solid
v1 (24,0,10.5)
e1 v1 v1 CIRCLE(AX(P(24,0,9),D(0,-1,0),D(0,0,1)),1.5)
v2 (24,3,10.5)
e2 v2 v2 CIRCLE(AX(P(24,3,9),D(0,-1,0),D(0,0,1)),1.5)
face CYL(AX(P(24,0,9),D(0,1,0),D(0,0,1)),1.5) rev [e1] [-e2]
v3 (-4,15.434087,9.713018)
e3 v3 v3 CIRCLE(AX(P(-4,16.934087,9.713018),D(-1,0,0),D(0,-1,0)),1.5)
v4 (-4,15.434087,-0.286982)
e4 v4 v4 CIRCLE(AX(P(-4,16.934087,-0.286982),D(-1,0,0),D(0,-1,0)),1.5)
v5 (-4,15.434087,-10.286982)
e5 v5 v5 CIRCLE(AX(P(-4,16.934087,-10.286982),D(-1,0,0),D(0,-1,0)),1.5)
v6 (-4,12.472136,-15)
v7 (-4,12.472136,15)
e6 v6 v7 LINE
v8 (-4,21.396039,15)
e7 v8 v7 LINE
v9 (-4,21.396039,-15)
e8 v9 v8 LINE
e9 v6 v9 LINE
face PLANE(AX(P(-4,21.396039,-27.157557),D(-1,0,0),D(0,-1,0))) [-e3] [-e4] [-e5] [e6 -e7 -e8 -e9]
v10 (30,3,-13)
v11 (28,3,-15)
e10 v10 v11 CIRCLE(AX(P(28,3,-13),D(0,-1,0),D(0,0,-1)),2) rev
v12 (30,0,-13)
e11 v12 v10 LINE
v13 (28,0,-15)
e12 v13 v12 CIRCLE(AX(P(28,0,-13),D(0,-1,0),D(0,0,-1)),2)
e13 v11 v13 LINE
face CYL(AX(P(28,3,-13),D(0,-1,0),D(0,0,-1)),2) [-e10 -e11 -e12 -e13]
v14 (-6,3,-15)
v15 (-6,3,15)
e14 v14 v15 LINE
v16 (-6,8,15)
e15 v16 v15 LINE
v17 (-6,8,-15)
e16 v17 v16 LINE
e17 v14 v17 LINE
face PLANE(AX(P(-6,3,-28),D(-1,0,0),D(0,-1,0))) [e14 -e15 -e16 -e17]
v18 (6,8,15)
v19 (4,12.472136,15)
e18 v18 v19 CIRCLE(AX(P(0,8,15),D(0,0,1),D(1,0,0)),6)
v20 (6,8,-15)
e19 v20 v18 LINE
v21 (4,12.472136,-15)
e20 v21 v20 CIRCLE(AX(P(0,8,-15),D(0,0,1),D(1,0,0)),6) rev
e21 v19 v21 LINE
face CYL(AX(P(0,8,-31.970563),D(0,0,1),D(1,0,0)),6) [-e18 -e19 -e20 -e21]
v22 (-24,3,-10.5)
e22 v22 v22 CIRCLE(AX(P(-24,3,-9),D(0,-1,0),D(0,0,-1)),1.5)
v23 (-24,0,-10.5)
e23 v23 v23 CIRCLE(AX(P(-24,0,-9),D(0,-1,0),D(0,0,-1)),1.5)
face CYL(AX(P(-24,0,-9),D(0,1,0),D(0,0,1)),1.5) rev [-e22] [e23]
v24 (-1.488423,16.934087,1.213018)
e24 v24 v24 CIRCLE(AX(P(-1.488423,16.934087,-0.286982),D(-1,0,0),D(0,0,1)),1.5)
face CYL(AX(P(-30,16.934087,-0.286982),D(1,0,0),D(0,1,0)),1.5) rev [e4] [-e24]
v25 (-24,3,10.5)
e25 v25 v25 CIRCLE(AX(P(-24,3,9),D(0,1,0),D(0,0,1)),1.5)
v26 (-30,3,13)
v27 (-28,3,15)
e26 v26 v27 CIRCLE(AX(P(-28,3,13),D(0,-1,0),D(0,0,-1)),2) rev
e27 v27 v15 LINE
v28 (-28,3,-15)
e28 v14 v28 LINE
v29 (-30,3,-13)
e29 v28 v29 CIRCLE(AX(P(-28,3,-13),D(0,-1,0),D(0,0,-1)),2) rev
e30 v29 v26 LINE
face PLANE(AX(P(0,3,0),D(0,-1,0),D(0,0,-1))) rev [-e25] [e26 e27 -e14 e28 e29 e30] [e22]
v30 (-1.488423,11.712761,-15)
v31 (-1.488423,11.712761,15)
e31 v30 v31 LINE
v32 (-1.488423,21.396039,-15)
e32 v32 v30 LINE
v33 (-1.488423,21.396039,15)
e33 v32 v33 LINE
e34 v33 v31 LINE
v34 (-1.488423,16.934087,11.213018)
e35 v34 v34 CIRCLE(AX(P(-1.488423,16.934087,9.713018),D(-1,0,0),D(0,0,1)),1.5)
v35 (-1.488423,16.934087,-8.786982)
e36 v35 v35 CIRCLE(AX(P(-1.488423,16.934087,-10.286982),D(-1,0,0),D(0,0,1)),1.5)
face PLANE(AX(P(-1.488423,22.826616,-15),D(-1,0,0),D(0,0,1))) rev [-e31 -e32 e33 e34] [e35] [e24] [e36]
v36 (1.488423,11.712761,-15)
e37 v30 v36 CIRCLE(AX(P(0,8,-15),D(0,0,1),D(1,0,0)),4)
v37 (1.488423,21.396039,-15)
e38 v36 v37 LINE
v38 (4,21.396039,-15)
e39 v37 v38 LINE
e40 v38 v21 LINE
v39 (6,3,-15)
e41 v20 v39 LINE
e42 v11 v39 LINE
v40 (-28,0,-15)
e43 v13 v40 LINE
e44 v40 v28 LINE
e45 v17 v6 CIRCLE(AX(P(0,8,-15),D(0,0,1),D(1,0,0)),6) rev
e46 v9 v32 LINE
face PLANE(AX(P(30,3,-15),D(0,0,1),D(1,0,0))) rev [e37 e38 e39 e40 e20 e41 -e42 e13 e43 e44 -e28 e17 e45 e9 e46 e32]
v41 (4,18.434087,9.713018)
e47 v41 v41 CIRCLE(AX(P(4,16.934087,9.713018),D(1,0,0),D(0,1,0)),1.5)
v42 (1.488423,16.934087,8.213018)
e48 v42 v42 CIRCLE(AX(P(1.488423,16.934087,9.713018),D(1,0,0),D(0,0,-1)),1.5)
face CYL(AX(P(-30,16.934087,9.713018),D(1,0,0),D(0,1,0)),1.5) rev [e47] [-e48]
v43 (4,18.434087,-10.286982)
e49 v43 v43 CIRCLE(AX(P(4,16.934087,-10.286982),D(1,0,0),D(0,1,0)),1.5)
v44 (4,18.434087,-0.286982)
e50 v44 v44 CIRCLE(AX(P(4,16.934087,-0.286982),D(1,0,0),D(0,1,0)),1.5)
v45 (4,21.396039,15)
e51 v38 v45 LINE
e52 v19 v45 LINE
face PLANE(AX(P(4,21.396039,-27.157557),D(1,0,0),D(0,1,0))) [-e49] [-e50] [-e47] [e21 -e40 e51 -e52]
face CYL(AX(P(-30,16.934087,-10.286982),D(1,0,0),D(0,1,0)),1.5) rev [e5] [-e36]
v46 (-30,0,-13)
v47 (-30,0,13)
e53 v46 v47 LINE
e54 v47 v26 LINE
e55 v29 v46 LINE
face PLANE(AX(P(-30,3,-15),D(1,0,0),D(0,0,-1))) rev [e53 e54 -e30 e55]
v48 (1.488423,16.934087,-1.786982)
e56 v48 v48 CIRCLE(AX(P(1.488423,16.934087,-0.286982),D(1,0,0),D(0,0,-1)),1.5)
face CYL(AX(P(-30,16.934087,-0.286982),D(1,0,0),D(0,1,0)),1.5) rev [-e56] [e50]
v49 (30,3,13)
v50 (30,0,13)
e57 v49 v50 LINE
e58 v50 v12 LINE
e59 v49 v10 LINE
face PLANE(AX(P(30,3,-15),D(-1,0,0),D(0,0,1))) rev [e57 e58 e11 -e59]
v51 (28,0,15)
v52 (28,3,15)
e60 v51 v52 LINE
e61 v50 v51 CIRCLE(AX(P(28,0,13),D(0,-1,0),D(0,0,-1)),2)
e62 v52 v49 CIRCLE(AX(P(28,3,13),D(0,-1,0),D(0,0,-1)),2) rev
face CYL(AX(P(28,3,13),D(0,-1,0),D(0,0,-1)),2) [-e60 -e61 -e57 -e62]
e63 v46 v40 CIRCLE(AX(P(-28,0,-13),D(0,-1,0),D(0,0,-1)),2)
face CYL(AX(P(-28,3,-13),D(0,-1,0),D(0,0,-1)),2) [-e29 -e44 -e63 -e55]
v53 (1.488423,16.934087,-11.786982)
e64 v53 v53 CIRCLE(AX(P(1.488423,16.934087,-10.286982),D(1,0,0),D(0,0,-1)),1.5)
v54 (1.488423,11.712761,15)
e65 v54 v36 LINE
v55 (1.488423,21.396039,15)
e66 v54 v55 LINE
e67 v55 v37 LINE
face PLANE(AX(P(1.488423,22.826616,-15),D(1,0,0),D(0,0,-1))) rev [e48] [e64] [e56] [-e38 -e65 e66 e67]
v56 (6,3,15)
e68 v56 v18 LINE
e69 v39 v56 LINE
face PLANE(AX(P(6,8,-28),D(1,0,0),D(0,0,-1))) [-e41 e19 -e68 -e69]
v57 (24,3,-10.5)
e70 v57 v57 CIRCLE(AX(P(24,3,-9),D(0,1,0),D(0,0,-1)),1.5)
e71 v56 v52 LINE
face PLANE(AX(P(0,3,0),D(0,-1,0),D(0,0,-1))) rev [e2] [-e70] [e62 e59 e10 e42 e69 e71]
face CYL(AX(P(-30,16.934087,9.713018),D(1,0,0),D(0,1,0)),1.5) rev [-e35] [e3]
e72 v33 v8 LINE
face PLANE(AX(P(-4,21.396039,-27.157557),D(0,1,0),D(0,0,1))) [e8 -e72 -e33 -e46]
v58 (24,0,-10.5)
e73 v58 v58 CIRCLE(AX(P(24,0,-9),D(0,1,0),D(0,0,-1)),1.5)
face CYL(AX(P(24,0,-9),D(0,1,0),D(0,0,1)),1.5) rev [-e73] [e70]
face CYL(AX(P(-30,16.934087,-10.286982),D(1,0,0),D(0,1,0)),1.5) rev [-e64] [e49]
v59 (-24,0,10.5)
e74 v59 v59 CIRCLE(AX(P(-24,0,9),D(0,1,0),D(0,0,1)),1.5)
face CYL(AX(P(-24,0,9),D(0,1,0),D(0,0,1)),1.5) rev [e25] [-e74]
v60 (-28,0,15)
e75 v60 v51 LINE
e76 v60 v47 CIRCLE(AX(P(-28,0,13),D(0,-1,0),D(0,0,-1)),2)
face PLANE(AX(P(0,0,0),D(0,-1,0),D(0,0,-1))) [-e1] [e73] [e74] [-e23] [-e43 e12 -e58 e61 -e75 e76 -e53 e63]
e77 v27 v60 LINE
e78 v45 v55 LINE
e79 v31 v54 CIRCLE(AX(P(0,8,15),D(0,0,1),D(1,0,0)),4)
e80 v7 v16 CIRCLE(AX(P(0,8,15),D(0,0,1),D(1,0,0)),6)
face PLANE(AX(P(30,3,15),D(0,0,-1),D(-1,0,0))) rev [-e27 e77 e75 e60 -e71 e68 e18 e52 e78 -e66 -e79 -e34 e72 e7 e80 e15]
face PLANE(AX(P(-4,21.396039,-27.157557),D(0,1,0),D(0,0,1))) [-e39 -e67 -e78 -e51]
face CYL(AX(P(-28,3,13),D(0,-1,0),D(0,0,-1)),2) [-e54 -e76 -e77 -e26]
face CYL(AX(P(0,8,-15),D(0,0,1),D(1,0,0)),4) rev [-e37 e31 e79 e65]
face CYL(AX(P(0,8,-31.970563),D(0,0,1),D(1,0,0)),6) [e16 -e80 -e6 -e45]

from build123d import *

# Parameters (mm, degrees)
SKETCH_1_W               = 60
SKETCH_1_H               = 30
EXTRUDE_1_DEPTH          = 3
SKETCH_2_R               = 1.5
CUT_EXTRUDE_1_DEPTH      = 3
MIRROR_2_COPY_1_SKETCH_R = 1.5
MIRROR_2_COPY_1_DEPTH    = 3
FILLET_2_R               = 2
SKETCH_5_R               = 6
EXTRUDE_2_DEPTH          = 30
SKETCH_6_W               = 12
SKETCH_6_H               = 5
EXTRUDE_3_DEPTH          = 30
SKETCH_7_R               = 4
CUT_EXTRUDE_4_DEPTH      = 31
SKETCH_8_W               = 8
SKETCH_8_H               = 9.1545719
EXTRUDE_4_DEPTH          = 30
SKETCH_9_W               = 2.976845738
SKETCH_9_H               = 12.85930144
CUT_EXTRUDE_5_DEPTH      = 31
SKETCH_10_R              = 1.5
CUT_EXTRUDE_6_DEPTH      = 35


with BuildPart() as part:
    # 草图1 → 凸台-拉伸1 (new body)
    with BuildSketch(Plane(origin=(0, 0, 0), x_dir=(1, 0, 0), z_dir=(0, 1, 0))):
        Rectangle(SKETCH_1_W, SKETCH_1_H)
    extrude(amount=EXTRUDE_1_DEPTH)

    # 草图2 → 切除-拉伸1 (cut)
    with BuildSketch(Plane(origin=(0, 3, 0), x_dir=(1, 0, 0), z_dir=(0, 1, 0))):
        with Locations((-24, -9)):
            Circle(SKETCH_2_R)
    cut_extrude_1 = extrude(amount=-CUT_EXTRUDE_1_DEPTH, mode=Mode.SUBTRACT)

    # 镜向1: 切除-拉伸1 across plane
    add(cut_extrude_1.mirror(Plane.XY), mode=Mode.SUBTRACT)

    # 镜向2: 切除-拉伸1 across plane
    add(cut_extrude_1.mirror(Plane(origin=(0, 0, 0), x_dir=(0, 0, 1), z_dir=(1, 0, 0))), mode=Mode.SUBTRACT)

    # 镜向2 copy 1 sketch → 镜向2 copy 1 (cut)
    with BuildSketch(Plane(origin=(0, 3, 0), x_dir=(-1, 0, 0), z_dir=(0, 1, 0))):
        with Locations((-24, -9)):
            Circle(MIRROR_2_COPY_1_SKETCH_R)
    extrude(amount=-MIRROR_2_COPY_1_DEPTH, mode=Mode.SUBTRACT)

    # 圆角2
    fillet_2_edges = [part.edges().sort_by_distance(p)[0] for p in [
        (-30, 1.5, -15),
        (30, 1.5, -15),
        (30, 1.5, 15),
        (-30, 1.5, 15),
    ]]
    fillet(fillet_2_edges, radius=FILLET_2_R)

    # 草图5 → 凸台-拉伸2 (add)
    with BuildSketch(Plane.XY.offset(15)):
        with Locations((0, 8)):
            Circle(SKETCH_5_R)
    extrude(amount=-EXTRUDE_2_DEPTH)

    # 草图6 → 凸台-拉伸3 (add)
    with BuildSketch(Plane.XY.offset(15)):
        with Locations((0, 5.5)):
            Rectangle(SKETCH_6_W, SKETCH_6_H)
    extrude(amount=-EXTRUDE_3_DEPTH)

    # 草图7 → 切除-拉伸4 (cut, through all)
    with BuildSketch(Plane.XY.offset(15)):
        with Locations((0, 8)):
            Circle(SKETCH_7_R)
    extrude(amount=-CUT_EXTRUDE_4_DEPTH, mode=Mode.SUBTRACT)

    # 草图8 → 凸台-拉伸4 (add)
    with BuildSketch(Plane.XY.offset(15)):
        with Locations((0, 16.818752798)):
            Rectangle(SKETCH_8_W, SKETCH_8_H)
    extrude(amount=-EXTRUDE_4_DEPTH)

    # 草图9 → 切除-拉伸5 (cut, through all)
    with BuildSketch(Plane.XY.offset(15)):
        with Locations((0, 16.396965649)):
            Rectangle(SKETCH_9_W, SKETCH_9_H)
    extrude(amount=-CUT_EXTRUDE_5_DEPTH, mode=Mode.SUBTRACT)

    # 草图10 → 切除-拉伸6 (cut, through all)
    with BuildSketch(Plane(origin=(4, 0, 0), x_dir=(0, 0, -1), z_dir=(1, 0, 0))):
        with Locations((10.28698243, 16.934087351)):
            Circle(SKETCH_10_R)
        with Locations((0.28698243, 16.934087351)):
            Circle(SKETCH_10_R)
        with Locations((-9.71301757, 16.934087351)):
            Circle(SKETCH_10_R)
    extrude(amount=-CUT_EXTRUDE_6_DEPTH, mode=Mode.SUBTRACT)


solid = part.part
